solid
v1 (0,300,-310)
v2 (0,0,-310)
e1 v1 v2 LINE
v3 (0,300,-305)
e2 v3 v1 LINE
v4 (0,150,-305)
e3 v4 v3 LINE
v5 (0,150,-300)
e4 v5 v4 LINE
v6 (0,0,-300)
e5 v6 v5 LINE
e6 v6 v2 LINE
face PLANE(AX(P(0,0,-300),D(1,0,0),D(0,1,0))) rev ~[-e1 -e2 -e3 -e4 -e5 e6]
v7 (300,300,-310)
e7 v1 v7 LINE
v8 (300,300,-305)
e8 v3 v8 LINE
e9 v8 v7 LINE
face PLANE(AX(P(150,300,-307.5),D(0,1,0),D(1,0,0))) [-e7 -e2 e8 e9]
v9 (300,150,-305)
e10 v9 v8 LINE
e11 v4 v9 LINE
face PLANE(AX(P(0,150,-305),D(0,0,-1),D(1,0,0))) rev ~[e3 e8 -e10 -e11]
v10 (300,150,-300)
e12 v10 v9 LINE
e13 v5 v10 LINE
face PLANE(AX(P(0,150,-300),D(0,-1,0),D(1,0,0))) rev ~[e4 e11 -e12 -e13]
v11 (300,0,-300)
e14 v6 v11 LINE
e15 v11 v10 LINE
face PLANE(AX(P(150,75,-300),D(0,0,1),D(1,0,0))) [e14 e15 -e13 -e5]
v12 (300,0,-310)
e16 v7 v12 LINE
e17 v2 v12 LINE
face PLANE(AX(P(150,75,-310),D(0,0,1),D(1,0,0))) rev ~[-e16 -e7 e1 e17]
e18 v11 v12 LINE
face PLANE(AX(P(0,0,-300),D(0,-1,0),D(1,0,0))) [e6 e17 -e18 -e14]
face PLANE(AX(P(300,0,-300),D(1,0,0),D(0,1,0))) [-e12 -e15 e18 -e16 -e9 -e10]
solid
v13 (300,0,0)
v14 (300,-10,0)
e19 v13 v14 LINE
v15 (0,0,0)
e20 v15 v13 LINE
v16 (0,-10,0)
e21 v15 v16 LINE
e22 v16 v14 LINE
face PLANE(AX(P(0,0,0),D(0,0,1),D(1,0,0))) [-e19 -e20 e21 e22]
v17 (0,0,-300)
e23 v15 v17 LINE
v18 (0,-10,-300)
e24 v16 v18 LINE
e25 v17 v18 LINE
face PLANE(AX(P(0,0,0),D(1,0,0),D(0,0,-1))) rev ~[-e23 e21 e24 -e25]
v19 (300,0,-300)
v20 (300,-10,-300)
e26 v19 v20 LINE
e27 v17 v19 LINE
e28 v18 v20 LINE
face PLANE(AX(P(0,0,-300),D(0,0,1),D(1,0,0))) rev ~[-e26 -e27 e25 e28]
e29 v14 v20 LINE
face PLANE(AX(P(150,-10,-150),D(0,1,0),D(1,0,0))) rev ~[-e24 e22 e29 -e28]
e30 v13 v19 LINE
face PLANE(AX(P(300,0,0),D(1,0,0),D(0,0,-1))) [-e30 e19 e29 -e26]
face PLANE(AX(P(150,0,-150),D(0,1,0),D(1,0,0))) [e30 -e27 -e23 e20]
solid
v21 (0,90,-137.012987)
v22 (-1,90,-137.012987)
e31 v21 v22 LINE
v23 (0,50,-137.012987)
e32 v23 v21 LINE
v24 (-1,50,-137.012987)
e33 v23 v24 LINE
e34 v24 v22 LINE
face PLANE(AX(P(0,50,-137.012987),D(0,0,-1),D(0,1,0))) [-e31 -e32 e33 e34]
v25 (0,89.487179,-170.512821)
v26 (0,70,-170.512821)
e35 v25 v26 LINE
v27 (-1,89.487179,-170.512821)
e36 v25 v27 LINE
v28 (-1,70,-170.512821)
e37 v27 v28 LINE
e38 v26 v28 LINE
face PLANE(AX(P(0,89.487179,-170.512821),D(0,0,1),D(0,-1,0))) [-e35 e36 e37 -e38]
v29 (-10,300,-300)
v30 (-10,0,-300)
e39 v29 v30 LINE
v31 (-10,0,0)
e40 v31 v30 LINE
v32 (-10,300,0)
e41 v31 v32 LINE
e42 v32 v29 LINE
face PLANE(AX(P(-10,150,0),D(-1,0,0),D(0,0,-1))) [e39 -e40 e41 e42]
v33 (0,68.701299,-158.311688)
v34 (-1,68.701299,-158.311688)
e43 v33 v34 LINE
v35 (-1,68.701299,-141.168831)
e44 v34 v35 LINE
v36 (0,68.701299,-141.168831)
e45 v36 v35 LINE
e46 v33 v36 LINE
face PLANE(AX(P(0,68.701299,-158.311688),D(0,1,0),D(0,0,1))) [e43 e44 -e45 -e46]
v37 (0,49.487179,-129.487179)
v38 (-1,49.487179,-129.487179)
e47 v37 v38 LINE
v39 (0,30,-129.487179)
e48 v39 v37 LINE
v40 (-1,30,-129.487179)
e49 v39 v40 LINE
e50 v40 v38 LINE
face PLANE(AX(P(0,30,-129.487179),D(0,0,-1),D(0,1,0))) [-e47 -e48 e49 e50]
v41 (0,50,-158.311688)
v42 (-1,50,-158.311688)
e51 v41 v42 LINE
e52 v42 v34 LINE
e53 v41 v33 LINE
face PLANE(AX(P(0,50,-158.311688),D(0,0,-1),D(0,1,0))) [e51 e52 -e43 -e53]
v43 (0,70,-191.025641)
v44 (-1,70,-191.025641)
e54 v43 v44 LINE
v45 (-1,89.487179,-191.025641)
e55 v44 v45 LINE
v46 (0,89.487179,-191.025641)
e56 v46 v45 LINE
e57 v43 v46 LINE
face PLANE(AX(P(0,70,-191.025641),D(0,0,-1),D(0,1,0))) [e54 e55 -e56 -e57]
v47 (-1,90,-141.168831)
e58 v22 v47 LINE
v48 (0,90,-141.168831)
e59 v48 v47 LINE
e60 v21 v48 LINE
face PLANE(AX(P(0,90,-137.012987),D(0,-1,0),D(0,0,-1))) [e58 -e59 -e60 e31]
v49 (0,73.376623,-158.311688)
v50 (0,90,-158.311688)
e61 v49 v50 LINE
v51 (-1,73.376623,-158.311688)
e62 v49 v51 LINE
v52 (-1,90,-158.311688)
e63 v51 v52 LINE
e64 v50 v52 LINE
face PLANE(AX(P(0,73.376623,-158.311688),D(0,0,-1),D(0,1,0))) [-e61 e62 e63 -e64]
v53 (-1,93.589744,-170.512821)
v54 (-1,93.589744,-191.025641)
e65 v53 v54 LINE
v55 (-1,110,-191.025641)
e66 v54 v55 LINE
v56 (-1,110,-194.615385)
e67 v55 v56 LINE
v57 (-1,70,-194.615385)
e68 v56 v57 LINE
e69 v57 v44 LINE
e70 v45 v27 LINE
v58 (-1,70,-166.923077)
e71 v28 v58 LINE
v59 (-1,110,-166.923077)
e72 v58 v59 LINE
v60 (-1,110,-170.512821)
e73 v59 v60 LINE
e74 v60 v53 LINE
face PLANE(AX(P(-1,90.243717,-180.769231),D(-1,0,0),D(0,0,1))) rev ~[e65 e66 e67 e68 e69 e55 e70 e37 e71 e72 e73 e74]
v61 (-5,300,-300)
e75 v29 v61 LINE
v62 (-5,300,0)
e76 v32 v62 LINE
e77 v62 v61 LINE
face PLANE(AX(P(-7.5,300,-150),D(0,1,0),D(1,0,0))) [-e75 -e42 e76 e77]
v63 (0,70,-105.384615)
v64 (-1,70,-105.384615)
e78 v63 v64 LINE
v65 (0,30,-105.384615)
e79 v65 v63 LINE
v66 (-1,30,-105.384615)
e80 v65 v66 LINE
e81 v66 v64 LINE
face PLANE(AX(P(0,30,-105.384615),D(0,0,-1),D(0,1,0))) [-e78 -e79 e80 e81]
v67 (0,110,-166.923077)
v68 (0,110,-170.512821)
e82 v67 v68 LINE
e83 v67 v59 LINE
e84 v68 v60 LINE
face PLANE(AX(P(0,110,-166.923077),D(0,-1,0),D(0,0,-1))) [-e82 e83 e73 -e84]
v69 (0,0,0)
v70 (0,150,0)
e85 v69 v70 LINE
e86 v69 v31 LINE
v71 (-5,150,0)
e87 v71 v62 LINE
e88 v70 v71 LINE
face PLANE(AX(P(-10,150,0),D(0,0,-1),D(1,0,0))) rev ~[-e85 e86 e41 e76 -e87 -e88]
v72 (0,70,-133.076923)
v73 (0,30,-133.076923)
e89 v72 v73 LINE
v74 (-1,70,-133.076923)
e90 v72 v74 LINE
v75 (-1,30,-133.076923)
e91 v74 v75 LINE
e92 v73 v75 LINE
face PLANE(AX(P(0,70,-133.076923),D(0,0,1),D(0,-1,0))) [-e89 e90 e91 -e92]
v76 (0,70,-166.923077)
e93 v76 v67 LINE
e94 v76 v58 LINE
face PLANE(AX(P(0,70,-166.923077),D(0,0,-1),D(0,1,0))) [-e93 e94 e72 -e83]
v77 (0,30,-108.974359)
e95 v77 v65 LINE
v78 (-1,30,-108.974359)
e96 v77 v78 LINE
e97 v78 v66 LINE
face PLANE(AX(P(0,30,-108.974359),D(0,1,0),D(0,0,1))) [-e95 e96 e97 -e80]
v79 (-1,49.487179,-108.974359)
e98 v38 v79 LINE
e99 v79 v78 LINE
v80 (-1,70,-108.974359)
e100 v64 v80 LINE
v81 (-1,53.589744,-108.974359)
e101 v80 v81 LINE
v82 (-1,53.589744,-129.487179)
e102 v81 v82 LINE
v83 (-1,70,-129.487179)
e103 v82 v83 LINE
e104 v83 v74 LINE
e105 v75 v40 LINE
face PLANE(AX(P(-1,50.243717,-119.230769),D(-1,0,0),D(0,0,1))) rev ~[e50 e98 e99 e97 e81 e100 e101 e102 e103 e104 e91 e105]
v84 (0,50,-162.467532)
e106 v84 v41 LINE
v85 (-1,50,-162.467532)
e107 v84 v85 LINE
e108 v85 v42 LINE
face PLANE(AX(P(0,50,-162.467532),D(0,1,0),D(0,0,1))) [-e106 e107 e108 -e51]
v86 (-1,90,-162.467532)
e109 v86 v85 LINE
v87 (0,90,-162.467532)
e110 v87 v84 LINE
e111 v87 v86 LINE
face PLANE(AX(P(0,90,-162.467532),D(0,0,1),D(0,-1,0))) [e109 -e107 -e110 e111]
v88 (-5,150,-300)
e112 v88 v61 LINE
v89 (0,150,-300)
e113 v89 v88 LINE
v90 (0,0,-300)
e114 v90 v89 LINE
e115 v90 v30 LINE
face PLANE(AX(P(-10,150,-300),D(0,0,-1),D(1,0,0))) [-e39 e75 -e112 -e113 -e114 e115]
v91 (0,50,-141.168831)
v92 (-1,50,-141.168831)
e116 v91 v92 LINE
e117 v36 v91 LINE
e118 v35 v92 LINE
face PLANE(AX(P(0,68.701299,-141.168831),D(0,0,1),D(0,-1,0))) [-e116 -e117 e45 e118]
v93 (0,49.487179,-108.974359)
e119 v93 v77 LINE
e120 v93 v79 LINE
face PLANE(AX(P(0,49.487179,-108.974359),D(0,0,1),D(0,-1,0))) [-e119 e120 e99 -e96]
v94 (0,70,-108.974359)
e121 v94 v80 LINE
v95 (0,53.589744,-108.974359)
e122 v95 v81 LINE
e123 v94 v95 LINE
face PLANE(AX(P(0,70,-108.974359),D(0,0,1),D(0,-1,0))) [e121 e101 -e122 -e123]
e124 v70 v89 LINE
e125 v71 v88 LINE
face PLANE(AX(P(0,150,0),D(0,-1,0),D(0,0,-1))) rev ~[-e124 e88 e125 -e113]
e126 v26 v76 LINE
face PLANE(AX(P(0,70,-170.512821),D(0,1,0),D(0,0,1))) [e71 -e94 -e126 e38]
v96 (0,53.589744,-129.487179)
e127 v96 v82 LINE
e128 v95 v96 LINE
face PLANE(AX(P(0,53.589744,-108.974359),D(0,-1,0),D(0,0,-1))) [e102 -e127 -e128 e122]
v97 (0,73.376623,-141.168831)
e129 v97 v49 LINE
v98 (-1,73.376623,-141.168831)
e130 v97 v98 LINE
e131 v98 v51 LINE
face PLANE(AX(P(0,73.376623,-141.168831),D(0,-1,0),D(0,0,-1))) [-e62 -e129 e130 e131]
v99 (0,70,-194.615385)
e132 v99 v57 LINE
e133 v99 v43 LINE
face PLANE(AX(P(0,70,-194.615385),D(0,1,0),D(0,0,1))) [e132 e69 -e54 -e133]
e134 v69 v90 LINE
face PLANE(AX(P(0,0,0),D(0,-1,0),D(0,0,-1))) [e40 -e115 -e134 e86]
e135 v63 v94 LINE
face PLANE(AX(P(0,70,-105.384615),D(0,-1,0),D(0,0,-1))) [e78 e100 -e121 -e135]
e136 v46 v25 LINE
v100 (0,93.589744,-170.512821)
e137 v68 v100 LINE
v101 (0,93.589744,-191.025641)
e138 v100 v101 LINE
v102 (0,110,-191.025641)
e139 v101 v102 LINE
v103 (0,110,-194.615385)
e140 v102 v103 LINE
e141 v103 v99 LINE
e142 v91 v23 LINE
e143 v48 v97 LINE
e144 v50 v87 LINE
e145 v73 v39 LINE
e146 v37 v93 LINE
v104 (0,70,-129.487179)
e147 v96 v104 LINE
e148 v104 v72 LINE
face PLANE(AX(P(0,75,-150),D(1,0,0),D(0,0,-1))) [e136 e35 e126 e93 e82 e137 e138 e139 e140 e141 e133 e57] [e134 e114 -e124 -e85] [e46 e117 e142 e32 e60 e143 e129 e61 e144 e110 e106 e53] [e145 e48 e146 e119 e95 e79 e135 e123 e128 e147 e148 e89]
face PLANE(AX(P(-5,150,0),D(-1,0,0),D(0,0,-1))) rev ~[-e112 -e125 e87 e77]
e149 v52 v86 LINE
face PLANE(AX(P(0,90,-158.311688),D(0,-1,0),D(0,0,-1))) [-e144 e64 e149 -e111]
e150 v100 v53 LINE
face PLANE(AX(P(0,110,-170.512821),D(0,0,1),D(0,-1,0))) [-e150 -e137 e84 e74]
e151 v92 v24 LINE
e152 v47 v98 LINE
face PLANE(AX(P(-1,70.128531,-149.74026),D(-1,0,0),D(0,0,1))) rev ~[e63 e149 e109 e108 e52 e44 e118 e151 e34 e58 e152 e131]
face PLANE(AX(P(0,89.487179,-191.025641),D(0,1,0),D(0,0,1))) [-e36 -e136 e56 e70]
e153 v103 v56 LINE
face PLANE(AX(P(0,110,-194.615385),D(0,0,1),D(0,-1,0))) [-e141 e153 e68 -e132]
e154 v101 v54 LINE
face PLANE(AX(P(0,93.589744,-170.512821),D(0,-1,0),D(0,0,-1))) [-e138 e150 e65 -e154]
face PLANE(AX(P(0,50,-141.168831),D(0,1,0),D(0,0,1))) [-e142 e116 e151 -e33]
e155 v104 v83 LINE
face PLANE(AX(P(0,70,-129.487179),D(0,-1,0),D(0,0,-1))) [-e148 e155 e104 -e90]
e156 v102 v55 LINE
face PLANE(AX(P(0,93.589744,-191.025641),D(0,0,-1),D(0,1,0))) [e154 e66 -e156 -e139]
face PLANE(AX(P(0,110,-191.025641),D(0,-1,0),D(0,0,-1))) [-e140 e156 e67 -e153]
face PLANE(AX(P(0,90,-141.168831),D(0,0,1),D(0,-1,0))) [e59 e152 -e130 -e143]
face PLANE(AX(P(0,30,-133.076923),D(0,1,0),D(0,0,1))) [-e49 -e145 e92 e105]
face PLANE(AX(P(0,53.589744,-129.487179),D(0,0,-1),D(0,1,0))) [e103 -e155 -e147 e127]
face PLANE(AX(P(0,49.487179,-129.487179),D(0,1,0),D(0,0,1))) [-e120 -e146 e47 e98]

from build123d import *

# Parameters (mm, degrees)
SKETCH1_W           = 300
SKETCH1_H           = 300
BOSS_EXTRUDE1_DEPTH = 10
SKETCH2_W           = 300
SKETCH2_H           = 150
BOSS_EXTRUDE2_DEPTH = 10
BOSS_EXTRUDE3_START = -300
SKETCH3_W           = 300
SKETCH3_H           = 150
BOSS_EXTRUDE3_DEPTH = 10
SKETCH4_W           = 5
SKETCH4_H           = 300
SKETCH4_W_2         = 300
SKETCH4_H_2         = 5
BOSS_EXTRUDE4_DEPTH = 150
CUT_EXTRUDE1_DEPTH  = 1


with BuildPart() as part:
    # Sketch1 → Boss-Extrude1 (new body)
    with BuildSketch(Plane(origin=(0, 0, 0), x_dir=(1, 0, 0), z_dir=(0, 1, 0))):
        with Locations((150, 150)):
            Rectangle(SKETCH1_W, SKETCH1_H)
    extrude(amount=-BOSS_EXTRUDE1_DEPTH)


with BuildPart() as body_2:
    # Sketch2 → Boss-Extrude2 (new body)
    with BuildSketch(Plane(origin=(0, 0, 0), x_dir=(0, 0, -1), z_dir=(1, 0, 0))):
        with Locations((150, 75)):
            Rectangle(SKETCH2_W, SKETCH2_H)
    extrude(amount=-BOSS_EXTRUDE2_DEPTH)



with BuildPart() as body_3:
    # Sketch3 → Boss-Extrude3 (new body)
    with BuildSketch(Plane.XY.offset(BOSS_EXTRUDE3_START)):
        with Locations((150, 75)):
            Rectangle(SKETCH3_W, SKETCH3_H)
    extrude(amount=-BOSS_EXTRUDE3_DEPTH)


with BuildPart() as body_2_1:
    add(body_2.part)

    add(body_3.part)  # Boss-Extrude4 merges body 3
    # Sketch4 → Boss-Extrude4 (add)
    with BuildSketch(Plane(origin=(0, 150, 0), x_dir=(1, 0, 0), z_dir=(0, 1, 0))):
        with Locations((-7.5, 150)):
            Rectangle(SKETCH4_W, SKETCH4_H)
        with Locations((150, 307.5)):
            Rectangle(SKETCH4_W_2, SKETCH4_H_2)
    extrude(amount=BOSS_EXTRUDE4_DEPTH)

    # Sketch5 → Cut-Extrude1 (cut)
    with BuildSketch(Plane(origin=(0, 0, 0), x_dir=(0, 0, -1), z_dir=(1, 0, 0))):
        Polygon((137.012987013, 50), (137.012987013, 90), (141.168831169, 90), (141.168831169, 73.376623377), (158.311688312, 73.376623377), (158.311688312, 90), (162.467532468, 90), (162.467532468, 50), (158.311688312, 50), (158.311688312, 68.701298701), (141.168831169, 68.701298701), (141.168831169, 50), align=None)
        Polygon((105.384615385, 70), (108.974358974, 70), (108.974358974, 53.58974359), (129.487179487, 53.58974359), (129.487179487, 70), (133.076923077, 70), (133.076923077, 30), (129.487179487, 30), (129.487179487, 49.487179487), (108.974358974, 49.487179487), (108.974358974, 30), (105.384615385, 30), align=None)
        Polygon((166.923076923, 110), (170.512820513, 110), (170.512820513, 93.58974359), (191.025641026, 93.58974359), (191.025641026, 110), (194.615384615, 110), (194.615384615, 70), (191.025641026, 70), (191.025641026, 89.487179487), (170.512820513, 89.487179487), (170.512820513, 70), (166.923076923, 70), align=None)
    extrude(amount=-CUT_EXTRUDE1_DEPTH, mode=Mode.SUBTRACT)


solid = Compound([part.part, body_2_1.part])
